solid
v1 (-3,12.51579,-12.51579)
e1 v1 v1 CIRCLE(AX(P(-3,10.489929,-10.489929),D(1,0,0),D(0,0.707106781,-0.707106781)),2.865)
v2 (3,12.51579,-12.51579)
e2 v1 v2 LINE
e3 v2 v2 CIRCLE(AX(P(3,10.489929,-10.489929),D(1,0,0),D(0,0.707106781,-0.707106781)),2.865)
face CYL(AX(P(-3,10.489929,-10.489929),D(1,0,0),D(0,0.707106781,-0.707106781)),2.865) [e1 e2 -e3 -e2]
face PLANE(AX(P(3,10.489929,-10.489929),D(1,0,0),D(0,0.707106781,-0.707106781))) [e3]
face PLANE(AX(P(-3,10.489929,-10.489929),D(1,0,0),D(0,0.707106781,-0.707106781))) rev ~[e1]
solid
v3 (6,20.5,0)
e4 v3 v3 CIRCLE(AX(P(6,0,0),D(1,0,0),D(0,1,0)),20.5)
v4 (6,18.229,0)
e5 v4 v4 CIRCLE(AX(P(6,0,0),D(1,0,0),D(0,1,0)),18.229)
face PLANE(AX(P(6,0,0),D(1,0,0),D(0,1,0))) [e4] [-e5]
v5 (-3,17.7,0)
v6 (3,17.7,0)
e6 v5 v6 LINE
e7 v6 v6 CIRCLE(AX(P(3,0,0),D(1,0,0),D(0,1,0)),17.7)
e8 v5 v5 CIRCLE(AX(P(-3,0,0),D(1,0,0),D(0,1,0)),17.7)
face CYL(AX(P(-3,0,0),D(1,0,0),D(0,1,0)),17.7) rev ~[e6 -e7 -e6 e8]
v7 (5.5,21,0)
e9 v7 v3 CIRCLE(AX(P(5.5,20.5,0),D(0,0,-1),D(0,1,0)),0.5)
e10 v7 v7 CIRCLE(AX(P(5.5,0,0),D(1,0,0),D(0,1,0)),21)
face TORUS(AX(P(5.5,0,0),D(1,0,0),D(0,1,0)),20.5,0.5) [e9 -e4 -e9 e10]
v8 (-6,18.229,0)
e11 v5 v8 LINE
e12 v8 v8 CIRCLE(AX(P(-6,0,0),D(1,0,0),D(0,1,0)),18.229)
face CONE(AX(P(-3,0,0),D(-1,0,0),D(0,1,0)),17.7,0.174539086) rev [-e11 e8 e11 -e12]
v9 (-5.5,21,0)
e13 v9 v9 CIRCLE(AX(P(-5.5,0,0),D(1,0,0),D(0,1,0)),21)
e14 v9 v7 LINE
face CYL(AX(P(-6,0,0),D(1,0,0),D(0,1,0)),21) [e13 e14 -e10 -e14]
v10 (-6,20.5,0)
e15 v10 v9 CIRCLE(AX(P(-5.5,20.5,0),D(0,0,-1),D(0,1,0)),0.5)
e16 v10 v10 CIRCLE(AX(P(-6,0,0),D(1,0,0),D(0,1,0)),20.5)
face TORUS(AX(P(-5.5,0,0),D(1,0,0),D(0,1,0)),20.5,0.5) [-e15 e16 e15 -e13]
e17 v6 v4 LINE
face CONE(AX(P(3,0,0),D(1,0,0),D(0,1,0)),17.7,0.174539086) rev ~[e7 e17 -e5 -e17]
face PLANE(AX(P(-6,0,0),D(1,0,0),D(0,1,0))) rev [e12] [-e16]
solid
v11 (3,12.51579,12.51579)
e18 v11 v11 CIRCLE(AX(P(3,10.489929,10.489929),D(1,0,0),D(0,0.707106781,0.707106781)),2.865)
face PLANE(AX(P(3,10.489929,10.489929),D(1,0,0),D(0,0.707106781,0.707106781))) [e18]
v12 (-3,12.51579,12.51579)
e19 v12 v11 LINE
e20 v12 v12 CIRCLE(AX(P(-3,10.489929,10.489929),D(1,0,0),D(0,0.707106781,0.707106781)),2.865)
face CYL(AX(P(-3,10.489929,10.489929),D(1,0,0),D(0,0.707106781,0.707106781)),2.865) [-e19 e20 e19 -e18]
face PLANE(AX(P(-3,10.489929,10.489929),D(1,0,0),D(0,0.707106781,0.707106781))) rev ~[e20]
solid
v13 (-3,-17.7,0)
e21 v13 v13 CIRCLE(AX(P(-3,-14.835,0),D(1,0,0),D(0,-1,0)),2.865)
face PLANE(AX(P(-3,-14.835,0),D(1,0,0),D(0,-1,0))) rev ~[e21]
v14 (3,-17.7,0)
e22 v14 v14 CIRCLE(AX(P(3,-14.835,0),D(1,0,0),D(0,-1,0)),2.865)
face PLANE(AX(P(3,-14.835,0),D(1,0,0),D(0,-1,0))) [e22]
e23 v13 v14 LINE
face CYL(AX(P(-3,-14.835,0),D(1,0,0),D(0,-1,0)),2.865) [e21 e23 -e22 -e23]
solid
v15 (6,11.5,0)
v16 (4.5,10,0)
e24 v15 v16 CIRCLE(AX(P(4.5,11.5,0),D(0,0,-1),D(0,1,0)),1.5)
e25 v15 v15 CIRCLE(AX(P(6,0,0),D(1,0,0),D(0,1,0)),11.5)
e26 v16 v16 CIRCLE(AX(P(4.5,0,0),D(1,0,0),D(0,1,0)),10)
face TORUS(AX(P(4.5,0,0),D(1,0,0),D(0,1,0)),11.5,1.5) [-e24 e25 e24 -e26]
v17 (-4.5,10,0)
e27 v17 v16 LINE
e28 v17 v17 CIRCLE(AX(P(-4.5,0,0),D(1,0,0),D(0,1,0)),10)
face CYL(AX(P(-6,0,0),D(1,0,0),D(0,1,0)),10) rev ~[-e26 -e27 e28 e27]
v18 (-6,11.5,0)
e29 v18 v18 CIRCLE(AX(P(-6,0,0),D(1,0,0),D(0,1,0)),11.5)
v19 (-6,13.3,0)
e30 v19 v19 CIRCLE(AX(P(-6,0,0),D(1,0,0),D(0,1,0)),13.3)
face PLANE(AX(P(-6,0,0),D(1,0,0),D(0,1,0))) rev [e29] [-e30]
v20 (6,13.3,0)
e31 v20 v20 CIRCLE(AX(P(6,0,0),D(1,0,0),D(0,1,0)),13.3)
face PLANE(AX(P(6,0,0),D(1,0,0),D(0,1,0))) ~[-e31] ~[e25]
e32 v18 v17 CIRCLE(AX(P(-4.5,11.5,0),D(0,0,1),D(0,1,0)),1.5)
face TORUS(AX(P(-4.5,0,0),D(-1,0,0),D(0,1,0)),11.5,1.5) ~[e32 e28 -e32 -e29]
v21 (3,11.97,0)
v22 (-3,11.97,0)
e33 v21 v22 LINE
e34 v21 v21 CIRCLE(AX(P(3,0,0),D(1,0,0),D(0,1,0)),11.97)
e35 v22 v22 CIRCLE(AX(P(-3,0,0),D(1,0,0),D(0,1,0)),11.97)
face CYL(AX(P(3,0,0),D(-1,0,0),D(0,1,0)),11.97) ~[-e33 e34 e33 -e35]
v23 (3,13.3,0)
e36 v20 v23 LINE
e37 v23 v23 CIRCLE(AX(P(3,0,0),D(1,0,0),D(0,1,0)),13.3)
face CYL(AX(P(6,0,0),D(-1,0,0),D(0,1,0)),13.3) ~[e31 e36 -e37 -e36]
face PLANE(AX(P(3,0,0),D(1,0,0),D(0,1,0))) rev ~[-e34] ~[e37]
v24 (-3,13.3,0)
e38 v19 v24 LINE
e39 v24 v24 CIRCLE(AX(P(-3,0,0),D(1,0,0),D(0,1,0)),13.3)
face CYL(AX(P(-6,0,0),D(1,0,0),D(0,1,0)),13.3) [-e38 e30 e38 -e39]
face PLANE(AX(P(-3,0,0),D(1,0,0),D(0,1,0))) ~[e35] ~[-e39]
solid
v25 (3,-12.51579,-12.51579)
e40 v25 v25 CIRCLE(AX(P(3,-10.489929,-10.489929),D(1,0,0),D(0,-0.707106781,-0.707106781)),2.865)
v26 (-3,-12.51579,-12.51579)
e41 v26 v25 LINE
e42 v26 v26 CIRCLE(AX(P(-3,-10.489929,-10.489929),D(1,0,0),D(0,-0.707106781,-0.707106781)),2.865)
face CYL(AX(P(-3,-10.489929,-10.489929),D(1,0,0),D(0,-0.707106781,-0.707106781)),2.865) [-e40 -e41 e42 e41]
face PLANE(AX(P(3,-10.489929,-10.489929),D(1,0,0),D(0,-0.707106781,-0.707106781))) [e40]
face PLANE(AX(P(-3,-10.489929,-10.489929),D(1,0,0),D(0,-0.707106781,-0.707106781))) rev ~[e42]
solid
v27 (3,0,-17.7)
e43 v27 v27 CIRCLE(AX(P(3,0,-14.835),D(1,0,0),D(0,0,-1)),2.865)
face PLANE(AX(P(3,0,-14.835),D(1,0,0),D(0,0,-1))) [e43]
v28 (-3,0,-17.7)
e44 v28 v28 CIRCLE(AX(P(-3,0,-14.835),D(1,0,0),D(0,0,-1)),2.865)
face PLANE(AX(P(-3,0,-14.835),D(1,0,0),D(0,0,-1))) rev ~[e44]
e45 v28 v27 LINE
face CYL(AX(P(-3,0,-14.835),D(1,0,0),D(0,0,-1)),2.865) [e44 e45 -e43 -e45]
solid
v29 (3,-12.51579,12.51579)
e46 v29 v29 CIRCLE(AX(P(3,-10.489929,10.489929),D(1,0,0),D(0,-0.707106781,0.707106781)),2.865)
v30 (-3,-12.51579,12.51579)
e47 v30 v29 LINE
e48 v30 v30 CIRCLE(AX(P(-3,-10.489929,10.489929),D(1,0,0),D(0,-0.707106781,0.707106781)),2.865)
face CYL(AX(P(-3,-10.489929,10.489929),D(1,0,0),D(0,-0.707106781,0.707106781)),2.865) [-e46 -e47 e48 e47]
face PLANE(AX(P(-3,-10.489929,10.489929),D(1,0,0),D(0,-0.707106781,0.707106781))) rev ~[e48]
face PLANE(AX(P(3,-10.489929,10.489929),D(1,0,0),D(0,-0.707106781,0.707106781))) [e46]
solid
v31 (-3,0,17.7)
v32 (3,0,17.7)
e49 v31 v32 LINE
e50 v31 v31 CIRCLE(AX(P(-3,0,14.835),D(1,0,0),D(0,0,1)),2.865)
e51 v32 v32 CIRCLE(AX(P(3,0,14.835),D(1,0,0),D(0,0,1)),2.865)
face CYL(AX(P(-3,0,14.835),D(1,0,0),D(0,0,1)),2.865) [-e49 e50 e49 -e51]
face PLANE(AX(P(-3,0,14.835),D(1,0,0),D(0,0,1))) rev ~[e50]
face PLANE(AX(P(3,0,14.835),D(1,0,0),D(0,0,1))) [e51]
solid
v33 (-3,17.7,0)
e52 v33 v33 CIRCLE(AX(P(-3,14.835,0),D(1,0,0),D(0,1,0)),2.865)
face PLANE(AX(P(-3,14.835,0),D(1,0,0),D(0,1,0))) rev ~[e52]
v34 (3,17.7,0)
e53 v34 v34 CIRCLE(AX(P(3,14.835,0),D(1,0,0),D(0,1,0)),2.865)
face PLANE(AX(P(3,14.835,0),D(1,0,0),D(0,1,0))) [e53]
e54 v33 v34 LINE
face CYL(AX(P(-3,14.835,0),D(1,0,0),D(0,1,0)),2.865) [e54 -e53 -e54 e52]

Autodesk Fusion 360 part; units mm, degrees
sketch "Sketch1" plane through (0, 0, 0) normal (0, 0, 1) x (1, 0, 0)
  line L0 (-124.2305, 0) -> (125.7695, 0)
  line L1 (-6, 10) -> (6, 10)
  line L2 (-6, 10) -> (-6, 13.3)
  line L3 (-6, 13.3) -> (-3, 13.3)
  line L4 (6, 10) -> (6, 13.3)
  line L5 (6, 13.3) -> (3, 13.3)
  line L6 (3, 13.3) -> (3, 11.97)
  line L7 (3, 11.97) -> (-3, 11.97)
  line L8 (-3, 11.97) -> (-3, 13.3)
  line L9 (-3, 17.7) -> (3, 17.7)
  line L10 (3, 17.7) -> (6, 18.229)
  line L11 (-3, 17.7) -> (-6, 18.229)
  line L12 (-6, 18.229) -> (-6, 21)
  line L13 (-6, 21) -> (6, 21)
  line L14 (6, 21) -> (6, 18.229)
  line L15 (-3, 17.7) -> (-3, 13.3)
  line L16 (3, 17.7) -> (3, 13.3)
  line L17 (-3, 14.835) -> (3, 14.835)
  line L18 (0, 11.97) -> (0, 17.7) construction
  point P0 (0, 11.97)
  point P1 (0, 14.835)
  point P2 (3, 14.835)
  dimension "d37" = 12
  dimension "d38" = 20
  dimension "d39" = 3
  dimension "d40" = 23.94
  dimension "d41" = 26.6
  dimension "d42" = 35.4
  dimension "d43" = 10
  dimension "d44" = 10
  dimension "d45" = 42
revolve "Revolve3" add sketch "Sketch1" angle 360 about axis through (-124.2305, 0, 0) along (1, 0, 0) contours L1 L2 L3 L4 L5 L6 L7 L8 | L9 L10 L11 L12 L13 L14 makes body 1 at (2, 9.9503, -0.9957) makes body 2 at (2, 20.8956, -2.0909)
revolve "Revolve4" add sketch "Sketch1" angle 360 about axis through (-3, 14.835, 0) along (1, 0, 0) separate body contours L9 L15 L16 L17 makes body 3
pattern_circular "C-Pattern2" count 8 over 360 about axis through (-6, 0, 0) along (1, 0, 0) of bodies 3 makes body 4 at (1, 12.7074, 12.304) makes body 5 at (-1, 0.1428, 17.6964) makes body 6 at (1, -12.304, 12.7074) makes body 7 at (-1, -17.6964, 0.1428) makes body 8 at (-1, -12.6142, -12.4123) makes body 9 at (-1, -0.1428, -17.6964) makes body 10 at (1, 12.304, -12.7074)
fillet "Fillet3" radius 1.5 2 edges at (6, -3.6162, 9.3233) (-6, -3.6162, 9.3233) on bodies 1
fillet "Fillet4" radius 0.5 2 edges at (6, -7.5939, 19.5789) (-6, -7.5939, 19.5789) on bodies 2
